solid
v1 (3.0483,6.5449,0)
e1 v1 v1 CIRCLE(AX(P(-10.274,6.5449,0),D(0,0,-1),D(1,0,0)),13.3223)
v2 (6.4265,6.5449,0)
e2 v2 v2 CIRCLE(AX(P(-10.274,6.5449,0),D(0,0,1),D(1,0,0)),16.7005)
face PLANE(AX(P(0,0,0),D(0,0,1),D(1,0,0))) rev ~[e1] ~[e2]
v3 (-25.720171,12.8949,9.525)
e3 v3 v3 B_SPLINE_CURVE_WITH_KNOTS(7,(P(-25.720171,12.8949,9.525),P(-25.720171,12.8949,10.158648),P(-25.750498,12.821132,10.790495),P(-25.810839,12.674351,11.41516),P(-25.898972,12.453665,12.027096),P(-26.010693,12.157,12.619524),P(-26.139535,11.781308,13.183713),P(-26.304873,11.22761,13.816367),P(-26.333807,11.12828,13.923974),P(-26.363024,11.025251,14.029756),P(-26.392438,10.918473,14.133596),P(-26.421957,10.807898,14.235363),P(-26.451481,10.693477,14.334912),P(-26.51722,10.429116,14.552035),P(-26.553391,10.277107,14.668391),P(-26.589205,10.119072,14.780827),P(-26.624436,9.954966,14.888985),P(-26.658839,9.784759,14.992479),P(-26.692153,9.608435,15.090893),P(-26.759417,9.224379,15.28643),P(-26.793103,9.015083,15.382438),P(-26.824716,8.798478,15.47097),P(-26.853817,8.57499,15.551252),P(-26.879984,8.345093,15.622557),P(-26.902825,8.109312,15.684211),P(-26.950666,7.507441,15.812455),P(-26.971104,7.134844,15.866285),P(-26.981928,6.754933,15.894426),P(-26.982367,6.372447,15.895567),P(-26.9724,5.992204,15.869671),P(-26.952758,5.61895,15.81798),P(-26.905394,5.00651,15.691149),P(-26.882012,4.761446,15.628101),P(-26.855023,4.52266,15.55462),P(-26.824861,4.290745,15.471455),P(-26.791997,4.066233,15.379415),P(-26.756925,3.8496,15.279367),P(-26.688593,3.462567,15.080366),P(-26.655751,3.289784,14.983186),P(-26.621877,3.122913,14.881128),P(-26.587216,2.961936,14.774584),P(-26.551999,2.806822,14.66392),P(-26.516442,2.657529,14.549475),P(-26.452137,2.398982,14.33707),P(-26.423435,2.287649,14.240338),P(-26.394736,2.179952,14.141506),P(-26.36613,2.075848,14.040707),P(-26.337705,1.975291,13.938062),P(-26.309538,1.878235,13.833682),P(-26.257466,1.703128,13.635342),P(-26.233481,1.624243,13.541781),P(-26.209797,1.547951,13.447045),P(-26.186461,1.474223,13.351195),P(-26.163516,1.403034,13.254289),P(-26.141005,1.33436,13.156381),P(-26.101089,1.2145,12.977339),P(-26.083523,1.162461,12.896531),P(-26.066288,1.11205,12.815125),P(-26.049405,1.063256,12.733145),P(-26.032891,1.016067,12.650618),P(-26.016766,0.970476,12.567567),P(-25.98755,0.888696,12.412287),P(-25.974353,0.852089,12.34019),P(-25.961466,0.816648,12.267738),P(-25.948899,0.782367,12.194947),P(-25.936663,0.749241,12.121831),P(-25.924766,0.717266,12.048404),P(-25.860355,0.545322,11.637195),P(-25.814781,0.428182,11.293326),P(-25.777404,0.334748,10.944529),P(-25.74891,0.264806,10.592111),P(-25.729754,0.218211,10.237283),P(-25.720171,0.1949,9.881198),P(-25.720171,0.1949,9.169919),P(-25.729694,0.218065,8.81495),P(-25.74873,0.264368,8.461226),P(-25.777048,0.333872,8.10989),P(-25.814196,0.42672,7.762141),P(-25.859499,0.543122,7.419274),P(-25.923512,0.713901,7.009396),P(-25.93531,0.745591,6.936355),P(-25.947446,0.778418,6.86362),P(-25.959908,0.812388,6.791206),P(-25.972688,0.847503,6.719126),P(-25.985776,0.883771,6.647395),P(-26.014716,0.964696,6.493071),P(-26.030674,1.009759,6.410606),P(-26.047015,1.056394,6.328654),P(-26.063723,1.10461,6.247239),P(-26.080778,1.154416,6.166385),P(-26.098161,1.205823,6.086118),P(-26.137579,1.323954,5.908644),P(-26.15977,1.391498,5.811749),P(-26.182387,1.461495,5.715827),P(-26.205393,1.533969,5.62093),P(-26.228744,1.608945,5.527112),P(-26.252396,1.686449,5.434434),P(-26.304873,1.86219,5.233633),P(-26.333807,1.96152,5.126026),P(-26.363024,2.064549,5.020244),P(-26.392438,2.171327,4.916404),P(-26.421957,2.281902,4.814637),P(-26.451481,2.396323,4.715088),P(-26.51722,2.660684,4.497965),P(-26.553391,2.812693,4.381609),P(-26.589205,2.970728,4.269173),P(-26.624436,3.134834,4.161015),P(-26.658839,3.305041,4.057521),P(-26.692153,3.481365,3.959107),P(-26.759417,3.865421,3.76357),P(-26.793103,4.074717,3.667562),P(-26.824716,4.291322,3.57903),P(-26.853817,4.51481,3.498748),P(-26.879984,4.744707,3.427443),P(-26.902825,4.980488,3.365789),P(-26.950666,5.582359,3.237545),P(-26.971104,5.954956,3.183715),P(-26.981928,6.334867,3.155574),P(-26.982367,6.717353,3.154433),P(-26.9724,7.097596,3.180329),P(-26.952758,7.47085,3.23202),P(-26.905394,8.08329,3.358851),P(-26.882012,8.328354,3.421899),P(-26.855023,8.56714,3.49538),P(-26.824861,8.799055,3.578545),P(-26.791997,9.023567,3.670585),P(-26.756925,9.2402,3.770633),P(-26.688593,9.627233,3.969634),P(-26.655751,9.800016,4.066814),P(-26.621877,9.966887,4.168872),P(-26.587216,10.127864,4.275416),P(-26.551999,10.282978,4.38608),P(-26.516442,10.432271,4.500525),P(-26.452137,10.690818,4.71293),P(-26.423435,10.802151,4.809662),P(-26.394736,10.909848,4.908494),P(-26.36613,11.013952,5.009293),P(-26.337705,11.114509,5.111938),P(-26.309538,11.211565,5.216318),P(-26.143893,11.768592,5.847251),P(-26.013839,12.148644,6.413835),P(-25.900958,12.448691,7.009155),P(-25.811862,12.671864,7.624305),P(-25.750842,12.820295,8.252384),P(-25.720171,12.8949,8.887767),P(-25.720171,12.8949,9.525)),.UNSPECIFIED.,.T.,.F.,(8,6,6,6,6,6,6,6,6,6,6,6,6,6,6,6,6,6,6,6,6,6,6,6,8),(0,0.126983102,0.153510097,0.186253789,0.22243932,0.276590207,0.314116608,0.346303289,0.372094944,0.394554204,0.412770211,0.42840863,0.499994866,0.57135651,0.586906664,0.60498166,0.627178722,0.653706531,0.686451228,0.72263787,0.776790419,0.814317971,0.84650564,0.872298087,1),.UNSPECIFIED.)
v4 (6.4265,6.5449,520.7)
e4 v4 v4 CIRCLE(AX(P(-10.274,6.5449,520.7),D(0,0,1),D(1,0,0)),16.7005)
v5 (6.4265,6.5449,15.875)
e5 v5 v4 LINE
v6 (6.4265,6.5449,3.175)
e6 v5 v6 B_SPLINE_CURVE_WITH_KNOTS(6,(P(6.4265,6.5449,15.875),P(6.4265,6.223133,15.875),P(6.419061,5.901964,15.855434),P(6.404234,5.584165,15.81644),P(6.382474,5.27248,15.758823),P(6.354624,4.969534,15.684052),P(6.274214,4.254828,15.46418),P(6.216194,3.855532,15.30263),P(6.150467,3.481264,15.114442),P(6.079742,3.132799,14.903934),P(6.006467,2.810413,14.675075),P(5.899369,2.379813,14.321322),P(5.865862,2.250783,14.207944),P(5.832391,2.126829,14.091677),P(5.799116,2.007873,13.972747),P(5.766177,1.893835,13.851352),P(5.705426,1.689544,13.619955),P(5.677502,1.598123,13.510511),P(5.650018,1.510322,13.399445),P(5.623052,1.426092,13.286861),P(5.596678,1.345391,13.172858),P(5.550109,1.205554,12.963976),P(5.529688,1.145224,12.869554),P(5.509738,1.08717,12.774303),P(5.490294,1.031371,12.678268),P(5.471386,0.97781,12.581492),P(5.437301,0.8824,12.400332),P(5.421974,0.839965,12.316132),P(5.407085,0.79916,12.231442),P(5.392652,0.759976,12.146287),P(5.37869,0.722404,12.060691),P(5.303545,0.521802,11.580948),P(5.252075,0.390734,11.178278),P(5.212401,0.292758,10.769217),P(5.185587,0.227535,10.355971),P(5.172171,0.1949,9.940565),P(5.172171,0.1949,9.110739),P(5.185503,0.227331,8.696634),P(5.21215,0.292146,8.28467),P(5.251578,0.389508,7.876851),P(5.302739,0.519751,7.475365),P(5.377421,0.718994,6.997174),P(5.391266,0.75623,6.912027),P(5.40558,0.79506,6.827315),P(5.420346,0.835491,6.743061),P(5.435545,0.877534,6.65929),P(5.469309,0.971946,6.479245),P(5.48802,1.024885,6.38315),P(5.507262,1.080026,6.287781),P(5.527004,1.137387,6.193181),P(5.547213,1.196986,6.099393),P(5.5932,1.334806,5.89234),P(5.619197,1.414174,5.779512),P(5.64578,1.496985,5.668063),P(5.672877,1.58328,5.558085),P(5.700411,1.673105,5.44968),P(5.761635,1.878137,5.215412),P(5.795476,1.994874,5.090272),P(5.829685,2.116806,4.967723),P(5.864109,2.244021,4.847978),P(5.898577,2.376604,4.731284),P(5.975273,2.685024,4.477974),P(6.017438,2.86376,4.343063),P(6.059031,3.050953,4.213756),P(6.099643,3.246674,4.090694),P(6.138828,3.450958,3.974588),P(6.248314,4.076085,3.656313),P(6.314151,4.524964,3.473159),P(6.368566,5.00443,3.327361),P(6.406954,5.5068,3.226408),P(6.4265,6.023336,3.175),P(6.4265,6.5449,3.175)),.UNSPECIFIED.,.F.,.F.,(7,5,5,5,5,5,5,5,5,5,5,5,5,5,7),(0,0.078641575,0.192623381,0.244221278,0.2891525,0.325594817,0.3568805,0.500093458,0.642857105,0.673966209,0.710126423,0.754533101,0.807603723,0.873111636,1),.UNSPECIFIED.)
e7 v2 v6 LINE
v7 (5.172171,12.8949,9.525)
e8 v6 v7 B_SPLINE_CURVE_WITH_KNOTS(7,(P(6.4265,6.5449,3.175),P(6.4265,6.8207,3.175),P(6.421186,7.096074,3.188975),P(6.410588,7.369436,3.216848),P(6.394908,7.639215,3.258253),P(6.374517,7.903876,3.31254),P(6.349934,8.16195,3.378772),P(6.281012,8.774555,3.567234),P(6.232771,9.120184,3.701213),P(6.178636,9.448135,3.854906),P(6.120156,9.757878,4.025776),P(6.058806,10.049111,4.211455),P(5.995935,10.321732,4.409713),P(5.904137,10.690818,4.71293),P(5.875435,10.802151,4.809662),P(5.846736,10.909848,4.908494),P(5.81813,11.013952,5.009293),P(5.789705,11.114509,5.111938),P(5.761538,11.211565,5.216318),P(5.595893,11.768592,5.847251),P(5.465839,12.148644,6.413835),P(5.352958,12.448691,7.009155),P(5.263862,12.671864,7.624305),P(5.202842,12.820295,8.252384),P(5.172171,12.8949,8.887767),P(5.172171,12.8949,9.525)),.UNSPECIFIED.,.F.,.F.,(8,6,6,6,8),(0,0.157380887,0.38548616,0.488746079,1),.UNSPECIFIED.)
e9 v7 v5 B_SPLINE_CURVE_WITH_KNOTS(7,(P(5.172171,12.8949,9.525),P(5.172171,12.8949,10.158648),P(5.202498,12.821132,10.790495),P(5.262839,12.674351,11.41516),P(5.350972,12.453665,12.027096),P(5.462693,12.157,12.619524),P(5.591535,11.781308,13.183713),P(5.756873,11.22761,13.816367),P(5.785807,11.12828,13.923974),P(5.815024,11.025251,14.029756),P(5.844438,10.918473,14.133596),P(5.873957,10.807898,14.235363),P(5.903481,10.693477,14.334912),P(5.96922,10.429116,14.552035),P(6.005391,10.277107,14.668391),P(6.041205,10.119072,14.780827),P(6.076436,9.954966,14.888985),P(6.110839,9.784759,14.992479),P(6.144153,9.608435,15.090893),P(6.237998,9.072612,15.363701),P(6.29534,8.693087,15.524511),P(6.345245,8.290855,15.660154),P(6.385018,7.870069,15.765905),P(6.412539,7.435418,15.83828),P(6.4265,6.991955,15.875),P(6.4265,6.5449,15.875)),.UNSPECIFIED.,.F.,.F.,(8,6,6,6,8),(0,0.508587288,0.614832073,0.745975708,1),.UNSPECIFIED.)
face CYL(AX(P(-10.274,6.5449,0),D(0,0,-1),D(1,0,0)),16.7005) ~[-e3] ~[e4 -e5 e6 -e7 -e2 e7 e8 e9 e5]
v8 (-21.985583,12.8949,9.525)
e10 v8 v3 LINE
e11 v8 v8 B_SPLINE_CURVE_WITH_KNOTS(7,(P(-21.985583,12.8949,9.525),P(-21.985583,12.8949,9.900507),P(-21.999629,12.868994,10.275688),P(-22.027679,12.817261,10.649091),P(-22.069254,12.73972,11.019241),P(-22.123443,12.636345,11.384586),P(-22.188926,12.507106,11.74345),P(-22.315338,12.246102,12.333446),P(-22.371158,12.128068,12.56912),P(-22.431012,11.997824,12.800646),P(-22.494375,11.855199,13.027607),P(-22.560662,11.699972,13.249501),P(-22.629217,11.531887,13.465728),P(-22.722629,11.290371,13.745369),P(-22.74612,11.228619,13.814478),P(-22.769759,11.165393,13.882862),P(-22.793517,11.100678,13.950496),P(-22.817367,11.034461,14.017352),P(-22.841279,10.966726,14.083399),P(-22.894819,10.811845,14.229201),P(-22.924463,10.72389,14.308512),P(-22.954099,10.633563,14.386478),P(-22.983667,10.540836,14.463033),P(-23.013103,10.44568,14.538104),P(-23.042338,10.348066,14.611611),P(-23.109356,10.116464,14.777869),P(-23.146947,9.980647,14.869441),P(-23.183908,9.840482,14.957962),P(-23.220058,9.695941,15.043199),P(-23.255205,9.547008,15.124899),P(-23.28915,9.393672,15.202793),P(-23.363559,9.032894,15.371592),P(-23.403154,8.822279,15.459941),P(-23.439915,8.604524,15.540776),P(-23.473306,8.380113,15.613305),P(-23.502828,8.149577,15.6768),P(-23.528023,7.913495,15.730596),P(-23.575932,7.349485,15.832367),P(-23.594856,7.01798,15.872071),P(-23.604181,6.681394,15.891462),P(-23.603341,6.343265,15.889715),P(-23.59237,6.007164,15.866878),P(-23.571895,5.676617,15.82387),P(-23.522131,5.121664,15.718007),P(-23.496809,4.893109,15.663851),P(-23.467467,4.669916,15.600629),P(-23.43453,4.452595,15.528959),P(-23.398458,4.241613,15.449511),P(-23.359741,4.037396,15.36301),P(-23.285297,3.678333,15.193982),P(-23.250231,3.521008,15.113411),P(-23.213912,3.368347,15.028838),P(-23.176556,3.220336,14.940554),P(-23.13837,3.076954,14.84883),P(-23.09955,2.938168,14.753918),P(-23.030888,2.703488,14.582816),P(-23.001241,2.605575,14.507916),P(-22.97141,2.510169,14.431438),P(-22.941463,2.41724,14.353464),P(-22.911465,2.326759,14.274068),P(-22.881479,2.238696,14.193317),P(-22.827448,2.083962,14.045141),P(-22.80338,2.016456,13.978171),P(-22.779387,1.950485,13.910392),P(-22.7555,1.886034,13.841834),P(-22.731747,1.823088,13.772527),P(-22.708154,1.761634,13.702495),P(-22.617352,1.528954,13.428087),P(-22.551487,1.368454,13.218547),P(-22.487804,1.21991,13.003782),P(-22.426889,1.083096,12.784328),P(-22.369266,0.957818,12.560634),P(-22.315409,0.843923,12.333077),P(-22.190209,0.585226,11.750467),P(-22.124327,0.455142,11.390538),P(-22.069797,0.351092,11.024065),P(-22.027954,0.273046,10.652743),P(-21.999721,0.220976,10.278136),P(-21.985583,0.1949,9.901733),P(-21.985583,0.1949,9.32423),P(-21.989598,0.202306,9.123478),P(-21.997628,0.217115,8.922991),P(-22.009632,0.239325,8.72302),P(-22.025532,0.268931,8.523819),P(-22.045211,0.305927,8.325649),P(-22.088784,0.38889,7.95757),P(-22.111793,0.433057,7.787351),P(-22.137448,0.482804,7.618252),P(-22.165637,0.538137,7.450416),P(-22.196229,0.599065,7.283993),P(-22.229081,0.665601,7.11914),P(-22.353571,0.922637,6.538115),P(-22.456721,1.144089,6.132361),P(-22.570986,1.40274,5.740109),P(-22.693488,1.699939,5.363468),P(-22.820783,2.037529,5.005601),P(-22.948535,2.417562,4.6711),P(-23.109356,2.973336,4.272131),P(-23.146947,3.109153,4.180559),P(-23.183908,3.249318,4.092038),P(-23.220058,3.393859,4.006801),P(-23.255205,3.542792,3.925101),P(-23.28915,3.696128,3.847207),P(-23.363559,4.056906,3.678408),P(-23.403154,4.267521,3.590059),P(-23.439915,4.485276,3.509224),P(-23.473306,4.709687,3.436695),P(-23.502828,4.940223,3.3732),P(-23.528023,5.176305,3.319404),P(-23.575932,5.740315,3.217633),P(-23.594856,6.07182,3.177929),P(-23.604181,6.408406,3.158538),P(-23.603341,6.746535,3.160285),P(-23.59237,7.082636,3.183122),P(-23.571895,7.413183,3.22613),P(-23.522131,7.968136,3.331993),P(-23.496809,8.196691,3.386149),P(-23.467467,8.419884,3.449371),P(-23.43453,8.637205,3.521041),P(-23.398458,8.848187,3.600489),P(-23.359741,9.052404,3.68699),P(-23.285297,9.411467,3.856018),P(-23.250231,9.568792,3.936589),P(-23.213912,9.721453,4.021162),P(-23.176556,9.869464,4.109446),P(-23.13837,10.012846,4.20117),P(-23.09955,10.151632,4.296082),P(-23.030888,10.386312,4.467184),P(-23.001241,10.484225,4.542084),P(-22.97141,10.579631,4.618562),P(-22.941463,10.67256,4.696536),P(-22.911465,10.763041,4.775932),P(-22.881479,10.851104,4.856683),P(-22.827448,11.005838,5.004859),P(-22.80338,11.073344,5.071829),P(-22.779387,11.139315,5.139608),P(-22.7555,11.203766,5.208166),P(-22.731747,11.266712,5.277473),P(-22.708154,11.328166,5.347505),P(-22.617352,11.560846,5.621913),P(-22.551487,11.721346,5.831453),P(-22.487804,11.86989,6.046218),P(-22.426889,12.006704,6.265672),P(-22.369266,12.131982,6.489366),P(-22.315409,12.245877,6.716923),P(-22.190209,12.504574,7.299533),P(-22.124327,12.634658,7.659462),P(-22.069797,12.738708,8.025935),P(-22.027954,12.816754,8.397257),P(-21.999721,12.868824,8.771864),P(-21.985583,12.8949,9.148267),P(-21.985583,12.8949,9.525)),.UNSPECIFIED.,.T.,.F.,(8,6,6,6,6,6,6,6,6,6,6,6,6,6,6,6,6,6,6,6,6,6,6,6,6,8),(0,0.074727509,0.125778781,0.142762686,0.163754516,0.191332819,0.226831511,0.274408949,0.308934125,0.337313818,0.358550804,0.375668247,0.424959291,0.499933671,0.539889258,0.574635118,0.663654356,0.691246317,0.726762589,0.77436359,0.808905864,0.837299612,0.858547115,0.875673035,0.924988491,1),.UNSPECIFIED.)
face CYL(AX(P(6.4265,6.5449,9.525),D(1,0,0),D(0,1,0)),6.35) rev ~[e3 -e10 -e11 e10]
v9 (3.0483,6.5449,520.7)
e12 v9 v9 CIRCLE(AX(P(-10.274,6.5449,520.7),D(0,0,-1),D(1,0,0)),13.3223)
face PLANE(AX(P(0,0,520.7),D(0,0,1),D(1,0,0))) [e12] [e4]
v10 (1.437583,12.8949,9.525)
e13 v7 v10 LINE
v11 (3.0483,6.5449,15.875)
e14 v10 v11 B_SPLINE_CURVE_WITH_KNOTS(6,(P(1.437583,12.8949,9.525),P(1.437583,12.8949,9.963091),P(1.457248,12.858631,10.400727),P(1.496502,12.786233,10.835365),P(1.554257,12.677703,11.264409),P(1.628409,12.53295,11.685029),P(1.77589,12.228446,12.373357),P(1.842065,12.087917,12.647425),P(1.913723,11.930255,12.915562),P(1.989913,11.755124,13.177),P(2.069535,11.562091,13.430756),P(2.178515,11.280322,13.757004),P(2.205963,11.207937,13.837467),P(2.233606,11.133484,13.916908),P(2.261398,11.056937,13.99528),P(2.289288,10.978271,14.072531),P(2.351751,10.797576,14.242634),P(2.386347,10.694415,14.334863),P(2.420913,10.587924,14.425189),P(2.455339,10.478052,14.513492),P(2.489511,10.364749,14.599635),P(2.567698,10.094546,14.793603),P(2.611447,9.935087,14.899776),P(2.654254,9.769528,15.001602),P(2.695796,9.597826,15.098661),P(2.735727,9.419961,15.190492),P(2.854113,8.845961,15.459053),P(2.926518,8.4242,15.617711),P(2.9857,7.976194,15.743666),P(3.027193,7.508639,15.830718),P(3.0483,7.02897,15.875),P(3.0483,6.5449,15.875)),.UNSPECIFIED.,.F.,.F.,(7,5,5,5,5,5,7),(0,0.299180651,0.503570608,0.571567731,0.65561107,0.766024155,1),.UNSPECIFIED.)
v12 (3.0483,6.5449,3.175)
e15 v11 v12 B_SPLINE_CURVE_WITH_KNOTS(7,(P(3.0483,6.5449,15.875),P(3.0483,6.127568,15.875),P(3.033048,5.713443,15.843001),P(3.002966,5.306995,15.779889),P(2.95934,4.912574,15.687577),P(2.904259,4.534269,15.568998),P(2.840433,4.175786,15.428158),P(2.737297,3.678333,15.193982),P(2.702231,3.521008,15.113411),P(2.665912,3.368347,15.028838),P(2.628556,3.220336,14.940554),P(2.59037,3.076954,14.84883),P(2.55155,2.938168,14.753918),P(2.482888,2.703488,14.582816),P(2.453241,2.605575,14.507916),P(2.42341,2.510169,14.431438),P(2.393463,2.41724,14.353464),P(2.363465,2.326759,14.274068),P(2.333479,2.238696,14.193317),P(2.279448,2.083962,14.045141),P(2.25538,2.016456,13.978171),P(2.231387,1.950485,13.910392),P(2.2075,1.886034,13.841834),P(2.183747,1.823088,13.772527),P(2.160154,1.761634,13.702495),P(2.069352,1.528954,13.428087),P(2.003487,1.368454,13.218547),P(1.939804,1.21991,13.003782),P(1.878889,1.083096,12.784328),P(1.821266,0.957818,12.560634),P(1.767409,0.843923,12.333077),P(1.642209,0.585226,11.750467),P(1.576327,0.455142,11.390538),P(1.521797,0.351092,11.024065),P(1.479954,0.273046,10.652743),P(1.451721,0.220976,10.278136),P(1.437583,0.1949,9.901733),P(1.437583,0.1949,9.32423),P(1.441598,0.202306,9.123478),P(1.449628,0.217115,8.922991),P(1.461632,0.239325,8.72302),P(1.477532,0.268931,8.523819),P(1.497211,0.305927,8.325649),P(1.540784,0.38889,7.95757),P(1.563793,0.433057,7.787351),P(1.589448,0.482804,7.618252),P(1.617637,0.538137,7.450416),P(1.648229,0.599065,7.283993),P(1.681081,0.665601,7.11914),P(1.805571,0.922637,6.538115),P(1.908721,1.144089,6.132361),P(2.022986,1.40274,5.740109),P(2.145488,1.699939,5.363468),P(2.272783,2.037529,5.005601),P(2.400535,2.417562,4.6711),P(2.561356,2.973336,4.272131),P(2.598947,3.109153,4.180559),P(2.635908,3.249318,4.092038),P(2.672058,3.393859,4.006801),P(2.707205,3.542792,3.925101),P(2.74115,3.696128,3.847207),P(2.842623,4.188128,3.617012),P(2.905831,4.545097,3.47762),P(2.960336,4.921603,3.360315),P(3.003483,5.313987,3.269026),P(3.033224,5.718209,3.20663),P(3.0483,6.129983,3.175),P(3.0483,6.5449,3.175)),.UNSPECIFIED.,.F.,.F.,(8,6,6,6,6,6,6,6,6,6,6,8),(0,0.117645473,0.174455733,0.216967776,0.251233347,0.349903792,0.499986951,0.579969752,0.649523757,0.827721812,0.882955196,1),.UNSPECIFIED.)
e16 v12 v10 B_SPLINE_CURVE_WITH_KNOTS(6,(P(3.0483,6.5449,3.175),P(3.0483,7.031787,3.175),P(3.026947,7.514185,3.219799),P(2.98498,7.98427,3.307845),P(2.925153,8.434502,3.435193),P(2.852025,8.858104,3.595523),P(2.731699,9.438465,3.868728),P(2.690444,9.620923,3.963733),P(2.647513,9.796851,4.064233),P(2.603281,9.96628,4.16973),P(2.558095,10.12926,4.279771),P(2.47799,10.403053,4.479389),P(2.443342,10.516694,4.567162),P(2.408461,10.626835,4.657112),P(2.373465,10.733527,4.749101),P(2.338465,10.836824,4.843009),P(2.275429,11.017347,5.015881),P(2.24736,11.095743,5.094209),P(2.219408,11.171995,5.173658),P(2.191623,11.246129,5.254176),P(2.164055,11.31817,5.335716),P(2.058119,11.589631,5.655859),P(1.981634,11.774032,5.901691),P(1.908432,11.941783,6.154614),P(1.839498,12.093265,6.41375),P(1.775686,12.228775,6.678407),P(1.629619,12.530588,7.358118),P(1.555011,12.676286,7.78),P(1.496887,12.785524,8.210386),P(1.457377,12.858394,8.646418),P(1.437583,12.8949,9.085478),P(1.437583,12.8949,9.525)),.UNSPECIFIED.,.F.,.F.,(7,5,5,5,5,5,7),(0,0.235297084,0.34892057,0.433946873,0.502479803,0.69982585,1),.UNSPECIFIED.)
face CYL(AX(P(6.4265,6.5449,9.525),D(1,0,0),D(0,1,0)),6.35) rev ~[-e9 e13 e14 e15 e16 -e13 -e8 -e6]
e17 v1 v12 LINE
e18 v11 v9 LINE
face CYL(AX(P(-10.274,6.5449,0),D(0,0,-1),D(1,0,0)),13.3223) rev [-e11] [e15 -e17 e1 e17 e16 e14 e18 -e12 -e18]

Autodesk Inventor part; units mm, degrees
ref_plane "XZ Plane" through (0, 0, 0) normal (0, 1, 0) x (-1, 0, 0)
ref_plane "XY Plane" through (0, 0, 0) normal (0, 0, 1) x (1, 0, 0)
sketch "Sketch1" plane through (0, 0, 0) normal (0, 0, 1) x (1, 0, 0)
  circle A0 centre (-10.274, 6.5449) radius 16.7005
  dimension "d0" = 33.401
extrude "Extrusion1" add sketch "Sketch1" along normal blind 520.7
shell "Shell1" thickness 3.3782 removed faces 2 at (-15.0414, 5.2901, 0) at (-15.0414, 5.2901, 520.7)
ref_plane "Work Plane1" through (6.4265, 6.5449, 0) normal (1, 0, 0) x (0, 1, 0)
sketch "Sketch3" plane through (6.4265, 6.5449, 0) normal (1, 0, 0) x (0, 1, 0)
  line L0 (13.3223, 0) -> (-13.3223, 0) projected
  circle A0 centre (0, 9.525) radius 6.35
  dimension "d4" = 12.7
  dimension "d5" = 9.525
extrude "Extrusion2" cut sketch "Sketch3" against normal through all
properties part number "FE-00003-01"
